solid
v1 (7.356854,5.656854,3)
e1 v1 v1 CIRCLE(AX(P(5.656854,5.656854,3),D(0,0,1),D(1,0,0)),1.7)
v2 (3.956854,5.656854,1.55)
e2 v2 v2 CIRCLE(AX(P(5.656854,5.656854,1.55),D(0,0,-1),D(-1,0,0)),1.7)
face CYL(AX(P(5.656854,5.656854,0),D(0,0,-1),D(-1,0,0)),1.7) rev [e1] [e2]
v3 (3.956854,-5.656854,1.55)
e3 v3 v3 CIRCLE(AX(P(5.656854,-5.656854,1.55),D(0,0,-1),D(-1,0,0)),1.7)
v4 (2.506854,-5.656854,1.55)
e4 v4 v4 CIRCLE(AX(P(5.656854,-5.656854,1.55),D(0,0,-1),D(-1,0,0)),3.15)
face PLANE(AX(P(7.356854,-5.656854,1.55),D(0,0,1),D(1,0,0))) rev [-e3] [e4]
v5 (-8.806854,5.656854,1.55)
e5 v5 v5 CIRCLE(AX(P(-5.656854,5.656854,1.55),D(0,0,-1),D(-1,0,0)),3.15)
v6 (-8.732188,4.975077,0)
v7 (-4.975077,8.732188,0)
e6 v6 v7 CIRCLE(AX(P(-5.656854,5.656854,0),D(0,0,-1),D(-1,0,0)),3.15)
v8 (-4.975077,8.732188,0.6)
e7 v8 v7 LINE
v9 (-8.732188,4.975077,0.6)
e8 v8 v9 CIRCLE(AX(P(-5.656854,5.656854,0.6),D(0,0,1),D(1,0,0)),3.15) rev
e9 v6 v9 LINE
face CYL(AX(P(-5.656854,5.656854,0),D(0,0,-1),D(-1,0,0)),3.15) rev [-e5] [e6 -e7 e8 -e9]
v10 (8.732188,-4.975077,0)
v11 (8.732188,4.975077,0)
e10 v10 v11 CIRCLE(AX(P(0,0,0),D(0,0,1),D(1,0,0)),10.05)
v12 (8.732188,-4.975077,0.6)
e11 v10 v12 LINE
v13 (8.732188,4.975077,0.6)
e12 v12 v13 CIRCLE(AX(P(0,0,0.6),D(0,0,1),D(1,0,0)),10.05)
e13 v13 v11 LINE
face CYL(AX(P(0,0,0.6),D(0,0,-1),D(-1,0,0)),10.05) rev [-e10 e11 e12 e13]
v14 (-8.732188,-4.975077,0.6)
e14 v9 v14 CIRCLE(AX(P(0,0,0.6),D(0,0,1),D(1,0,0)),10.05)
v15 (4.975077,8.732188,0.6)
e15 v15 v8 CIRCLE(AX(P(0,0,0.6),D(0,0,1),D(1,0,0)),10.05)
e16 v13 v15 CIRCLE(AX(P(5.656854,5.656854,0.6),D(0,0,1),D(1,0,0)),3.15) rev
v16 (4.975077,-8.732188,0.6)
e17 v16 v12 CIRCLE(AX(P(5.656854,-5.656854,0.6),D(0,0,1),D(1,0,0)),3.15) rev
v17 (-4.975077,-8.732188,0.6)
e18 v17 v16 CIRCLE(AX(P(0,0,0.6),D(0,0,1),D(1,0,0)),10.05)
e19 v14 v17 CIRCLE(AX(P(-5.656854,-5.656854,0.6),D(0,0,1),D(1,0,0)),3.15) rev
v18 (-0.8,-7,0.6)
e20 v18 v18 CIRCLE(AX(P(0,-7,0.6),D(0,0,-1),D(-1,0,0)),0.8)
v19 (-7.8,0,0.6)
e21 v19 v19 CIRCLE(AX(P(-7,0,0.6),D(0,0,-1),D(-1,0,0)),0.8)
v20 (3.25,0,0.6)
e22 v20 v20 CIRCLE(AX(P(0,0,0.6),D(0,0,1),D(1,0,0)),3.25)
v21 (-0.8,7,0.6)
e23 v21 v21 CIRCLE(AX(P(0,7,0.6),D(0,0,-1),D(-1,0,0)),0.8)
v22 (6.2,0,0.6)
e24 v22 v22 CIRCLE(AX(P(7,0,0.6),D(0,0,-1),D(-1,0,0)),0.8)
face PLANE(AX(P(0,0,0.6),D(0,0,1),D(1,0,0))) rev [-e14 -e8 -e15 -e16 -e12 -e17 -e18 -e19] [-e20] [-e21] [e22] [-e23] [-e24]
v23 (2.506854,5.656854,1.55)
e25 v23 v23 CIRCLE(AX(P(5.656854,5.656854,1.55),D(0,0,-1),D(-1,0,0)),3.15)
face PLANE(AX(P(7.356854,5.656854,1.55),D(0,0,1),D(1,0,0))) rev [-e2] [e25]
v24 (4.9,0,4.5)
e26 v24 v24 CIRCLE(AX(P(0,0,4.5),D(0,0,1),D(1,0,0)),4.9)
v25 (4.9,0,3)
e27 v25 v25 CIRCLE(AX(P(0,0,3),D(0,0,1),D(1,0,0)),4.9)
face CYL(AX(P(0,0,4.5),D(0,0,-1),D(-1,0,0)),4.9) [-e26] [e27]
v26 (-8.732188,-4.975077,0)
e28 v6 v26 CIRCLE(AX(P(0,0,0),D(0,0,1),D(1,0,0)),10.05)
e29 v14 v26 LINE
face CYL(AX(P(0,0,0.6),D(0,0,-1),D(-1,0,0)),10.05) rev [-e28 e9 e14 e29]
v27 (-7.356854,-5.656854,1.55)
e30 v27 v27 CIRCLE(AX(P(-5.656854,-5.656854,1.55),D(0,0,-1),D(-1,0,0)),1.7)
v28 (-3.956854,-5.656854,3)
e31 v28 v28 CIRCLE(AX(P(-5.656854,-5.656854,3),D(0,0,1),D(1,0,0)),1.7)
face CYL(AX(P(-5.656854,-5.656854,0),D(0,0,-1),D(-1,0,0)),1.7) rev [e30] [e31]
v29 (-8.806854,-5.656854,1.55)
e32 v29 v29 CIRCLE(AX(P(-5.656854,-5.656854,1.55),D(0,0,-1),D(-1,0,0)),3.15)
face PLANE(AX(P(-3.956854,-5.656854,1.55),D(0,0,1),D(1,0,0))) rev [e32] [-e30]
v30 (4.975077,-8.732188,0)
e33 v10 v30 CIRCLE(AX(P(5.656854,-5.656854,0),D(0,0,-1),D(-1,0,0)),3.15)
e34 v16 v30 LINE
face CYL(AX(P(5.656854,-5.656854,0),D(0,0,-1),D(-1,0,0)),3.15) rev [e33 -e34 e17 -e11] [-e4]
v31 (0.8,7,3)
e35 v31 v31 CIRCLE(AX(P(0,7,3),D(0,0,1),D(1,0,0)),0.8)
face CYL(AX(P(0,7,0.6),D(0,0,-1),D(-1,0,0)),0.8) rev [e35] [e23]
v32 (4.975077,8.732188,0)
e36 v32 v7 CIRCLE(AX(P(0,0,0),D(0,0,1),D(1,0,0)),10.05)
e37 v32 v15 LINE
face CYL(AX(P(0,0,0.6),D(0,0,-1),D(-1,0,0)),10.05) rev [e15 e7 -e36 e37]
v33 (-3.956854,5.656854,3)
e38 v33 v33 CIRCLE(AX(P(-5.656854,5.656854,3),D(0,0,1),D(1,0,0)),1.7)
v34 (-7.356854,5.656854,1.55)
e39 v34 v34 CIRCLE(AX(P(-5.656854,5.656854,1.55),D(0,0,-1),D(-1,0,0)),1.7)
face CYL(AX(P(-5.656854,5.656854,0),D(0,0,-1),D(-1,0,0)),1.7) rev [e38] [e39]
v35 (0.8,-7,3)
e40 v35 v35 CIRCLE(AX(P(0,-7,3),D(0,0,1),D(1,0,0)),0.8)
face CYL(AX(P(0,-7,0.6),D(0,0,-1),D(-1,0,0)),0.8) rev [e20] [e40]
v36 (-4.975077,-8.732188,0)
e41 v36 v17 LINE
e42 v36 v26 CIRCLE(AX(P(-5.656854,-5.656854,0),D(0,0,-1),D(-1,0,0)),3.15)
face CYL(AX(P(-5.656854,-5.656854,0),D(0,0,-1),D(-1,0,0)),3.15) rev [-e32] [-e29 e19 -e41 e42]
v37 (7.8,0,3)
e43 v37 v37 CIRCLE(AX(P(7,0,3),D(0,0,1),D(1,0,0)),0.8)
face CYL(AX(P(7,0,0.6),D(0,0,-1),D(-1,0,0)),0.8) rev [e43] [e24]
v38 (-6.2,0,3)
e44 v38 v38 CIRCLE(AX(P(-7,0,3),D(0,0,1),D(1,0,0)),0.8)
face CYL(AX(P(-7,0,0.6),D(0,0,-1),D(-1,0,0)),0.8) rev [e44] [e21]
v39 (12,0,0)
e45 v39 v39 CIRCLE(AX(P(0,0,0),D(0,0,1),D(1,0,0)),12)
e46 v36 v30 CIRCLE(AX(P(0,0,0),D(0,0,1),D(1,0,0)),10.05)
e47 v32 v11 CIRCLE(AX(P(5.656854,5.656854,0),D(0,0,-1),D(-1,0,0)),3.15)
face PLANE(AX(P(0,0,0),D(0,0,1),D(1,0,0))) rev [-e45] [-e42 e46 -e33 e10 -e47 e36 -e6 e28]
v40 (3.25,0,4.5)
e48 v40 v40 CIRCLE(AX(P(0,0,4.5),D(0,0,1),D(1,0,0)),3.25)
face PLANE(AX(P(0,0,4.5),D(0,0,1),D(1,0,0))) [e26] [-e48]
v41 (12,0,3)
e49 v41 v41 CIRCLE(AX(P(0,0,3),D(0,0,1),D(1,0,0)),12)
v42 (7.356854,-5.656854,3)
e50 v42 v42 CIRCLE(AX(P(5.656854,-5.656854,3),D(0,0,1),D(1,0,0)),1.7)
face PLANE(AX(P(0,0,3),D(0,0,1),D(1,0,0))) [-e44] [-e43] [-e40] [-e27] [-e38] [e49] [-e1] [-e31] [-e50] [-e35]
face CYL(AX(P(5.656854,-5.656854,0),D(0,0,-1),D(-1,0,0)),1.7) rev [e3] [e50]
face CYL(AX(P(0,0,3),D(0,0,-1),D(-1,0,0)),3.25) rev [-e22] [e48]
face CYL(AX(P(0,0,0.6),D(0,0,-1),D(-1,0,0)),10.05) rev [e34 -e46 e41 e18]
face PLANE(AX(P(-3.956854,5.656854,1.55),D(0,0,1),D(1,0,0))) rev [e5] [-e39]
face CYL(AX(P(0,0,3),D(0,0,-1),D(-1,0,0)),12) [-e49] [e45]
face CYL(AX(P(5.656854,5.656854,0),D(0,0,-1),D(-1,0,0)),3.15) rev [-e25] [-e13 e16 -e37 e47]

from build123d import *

# Parameters (mm, degrees)
D24_D6_5_R                      = 12
D24_D6_5_R_2                    = 3.25
D24_3_D6_5_DEPTH                = 3
EXTRUDE_START                   = 3
SKETCH_D9_8_1_5_R               = 4.9
SKETCH_D9_8_1_5_R_2             = 3.25
EXTRUDE_D9_8_1_5_DEPTH          = 1.5
F_4XD3_4_D6_3_PCD16_D           = 3.4
F_4XD3_4_D6_3_PCD16_CBORE_D     = 6.3
F_4XD3_4_D6_3_PCD16_CBORE_DEPTH = 1.55
SKETCH_1093_R                   = 10.05
CUT_EXTRUDE_D20_1_0_6_DEPTH     = 0.6
F_4XM2X0_4_PCD14_D              = 1.6


with BuildPart() as part:
    # 转接板_D24_工具通孔D6.5_截面 → 转接板_D24_厚3_工具通孔D6.5 (new body)
    with BuildSketch(Plane.XY):
        Circle(D24_D6_5_R)
        Circle(D24_D6_5_R_2, mode=Mode.SUBTRACT)
    extrude(amount=D24_3_D6_5_DEPTH)

    # 轴承内孔定位台_D9.8_高1.5_截面 → 轴承内孔定位台_D9.8_高1.5 (add)
    with BuildSketch(Plane.XY.offset(EXTRUDE_START)):
        Circle(SKETCH_D9_8_1_5_R)
        Circle(SKETCH_D9_8_1_5_R_2, mode=Mode.SUBTRACT)
    extrude(amount=EXTRUDE_D9_8_1_5_DEPTH)

    # 轴承内圈_4xD3.4通孔_D6.3平底沉孔_PCD16 (through all)
    with Locations(Plane(origin=(5.656854249, -5.656854249, 0), x_dir=(-1, 0, 0), z_dir=(0, 0, -1))):
        with Locations((0, 0), (11.313708498, 0), (11.313708498, 11.313708498), (0, 11.313708498)):
            CounterBoreHole(F_4XD3_4_D6_3_PCD16_D / 2, F_4XD3_4_D6_3_PCD16_CBORE_D / 2, F_4XD3_4_D6_3_PCD16_CBORE_DEPTH)

    # Sketch 1093 → 原舵盘定位槽_D20.1_深0.6 (cut)
    with BuildSketch(Plane.XY):
        Circle(SKETCH_1093_R)
    extrude(amount=CUT_EXTRUDE_D20_1_0_6_DEPTH, mode=Mode.SUBTRACT)

    # 原舵盘_4xM2x0.4通螺纹_PCD14 (through all)
    with Locations(Plane(origin=(0, -7, 0.6), x_dir=(-1, 0, 0), z_dir=(0, 0, -1))):
        with Locations((0, 0), (7, 7), (0, 14), (-7, 7)):
            Hole(F_4XM2X0_4_PCD14_D / 2)


solid = part.part
